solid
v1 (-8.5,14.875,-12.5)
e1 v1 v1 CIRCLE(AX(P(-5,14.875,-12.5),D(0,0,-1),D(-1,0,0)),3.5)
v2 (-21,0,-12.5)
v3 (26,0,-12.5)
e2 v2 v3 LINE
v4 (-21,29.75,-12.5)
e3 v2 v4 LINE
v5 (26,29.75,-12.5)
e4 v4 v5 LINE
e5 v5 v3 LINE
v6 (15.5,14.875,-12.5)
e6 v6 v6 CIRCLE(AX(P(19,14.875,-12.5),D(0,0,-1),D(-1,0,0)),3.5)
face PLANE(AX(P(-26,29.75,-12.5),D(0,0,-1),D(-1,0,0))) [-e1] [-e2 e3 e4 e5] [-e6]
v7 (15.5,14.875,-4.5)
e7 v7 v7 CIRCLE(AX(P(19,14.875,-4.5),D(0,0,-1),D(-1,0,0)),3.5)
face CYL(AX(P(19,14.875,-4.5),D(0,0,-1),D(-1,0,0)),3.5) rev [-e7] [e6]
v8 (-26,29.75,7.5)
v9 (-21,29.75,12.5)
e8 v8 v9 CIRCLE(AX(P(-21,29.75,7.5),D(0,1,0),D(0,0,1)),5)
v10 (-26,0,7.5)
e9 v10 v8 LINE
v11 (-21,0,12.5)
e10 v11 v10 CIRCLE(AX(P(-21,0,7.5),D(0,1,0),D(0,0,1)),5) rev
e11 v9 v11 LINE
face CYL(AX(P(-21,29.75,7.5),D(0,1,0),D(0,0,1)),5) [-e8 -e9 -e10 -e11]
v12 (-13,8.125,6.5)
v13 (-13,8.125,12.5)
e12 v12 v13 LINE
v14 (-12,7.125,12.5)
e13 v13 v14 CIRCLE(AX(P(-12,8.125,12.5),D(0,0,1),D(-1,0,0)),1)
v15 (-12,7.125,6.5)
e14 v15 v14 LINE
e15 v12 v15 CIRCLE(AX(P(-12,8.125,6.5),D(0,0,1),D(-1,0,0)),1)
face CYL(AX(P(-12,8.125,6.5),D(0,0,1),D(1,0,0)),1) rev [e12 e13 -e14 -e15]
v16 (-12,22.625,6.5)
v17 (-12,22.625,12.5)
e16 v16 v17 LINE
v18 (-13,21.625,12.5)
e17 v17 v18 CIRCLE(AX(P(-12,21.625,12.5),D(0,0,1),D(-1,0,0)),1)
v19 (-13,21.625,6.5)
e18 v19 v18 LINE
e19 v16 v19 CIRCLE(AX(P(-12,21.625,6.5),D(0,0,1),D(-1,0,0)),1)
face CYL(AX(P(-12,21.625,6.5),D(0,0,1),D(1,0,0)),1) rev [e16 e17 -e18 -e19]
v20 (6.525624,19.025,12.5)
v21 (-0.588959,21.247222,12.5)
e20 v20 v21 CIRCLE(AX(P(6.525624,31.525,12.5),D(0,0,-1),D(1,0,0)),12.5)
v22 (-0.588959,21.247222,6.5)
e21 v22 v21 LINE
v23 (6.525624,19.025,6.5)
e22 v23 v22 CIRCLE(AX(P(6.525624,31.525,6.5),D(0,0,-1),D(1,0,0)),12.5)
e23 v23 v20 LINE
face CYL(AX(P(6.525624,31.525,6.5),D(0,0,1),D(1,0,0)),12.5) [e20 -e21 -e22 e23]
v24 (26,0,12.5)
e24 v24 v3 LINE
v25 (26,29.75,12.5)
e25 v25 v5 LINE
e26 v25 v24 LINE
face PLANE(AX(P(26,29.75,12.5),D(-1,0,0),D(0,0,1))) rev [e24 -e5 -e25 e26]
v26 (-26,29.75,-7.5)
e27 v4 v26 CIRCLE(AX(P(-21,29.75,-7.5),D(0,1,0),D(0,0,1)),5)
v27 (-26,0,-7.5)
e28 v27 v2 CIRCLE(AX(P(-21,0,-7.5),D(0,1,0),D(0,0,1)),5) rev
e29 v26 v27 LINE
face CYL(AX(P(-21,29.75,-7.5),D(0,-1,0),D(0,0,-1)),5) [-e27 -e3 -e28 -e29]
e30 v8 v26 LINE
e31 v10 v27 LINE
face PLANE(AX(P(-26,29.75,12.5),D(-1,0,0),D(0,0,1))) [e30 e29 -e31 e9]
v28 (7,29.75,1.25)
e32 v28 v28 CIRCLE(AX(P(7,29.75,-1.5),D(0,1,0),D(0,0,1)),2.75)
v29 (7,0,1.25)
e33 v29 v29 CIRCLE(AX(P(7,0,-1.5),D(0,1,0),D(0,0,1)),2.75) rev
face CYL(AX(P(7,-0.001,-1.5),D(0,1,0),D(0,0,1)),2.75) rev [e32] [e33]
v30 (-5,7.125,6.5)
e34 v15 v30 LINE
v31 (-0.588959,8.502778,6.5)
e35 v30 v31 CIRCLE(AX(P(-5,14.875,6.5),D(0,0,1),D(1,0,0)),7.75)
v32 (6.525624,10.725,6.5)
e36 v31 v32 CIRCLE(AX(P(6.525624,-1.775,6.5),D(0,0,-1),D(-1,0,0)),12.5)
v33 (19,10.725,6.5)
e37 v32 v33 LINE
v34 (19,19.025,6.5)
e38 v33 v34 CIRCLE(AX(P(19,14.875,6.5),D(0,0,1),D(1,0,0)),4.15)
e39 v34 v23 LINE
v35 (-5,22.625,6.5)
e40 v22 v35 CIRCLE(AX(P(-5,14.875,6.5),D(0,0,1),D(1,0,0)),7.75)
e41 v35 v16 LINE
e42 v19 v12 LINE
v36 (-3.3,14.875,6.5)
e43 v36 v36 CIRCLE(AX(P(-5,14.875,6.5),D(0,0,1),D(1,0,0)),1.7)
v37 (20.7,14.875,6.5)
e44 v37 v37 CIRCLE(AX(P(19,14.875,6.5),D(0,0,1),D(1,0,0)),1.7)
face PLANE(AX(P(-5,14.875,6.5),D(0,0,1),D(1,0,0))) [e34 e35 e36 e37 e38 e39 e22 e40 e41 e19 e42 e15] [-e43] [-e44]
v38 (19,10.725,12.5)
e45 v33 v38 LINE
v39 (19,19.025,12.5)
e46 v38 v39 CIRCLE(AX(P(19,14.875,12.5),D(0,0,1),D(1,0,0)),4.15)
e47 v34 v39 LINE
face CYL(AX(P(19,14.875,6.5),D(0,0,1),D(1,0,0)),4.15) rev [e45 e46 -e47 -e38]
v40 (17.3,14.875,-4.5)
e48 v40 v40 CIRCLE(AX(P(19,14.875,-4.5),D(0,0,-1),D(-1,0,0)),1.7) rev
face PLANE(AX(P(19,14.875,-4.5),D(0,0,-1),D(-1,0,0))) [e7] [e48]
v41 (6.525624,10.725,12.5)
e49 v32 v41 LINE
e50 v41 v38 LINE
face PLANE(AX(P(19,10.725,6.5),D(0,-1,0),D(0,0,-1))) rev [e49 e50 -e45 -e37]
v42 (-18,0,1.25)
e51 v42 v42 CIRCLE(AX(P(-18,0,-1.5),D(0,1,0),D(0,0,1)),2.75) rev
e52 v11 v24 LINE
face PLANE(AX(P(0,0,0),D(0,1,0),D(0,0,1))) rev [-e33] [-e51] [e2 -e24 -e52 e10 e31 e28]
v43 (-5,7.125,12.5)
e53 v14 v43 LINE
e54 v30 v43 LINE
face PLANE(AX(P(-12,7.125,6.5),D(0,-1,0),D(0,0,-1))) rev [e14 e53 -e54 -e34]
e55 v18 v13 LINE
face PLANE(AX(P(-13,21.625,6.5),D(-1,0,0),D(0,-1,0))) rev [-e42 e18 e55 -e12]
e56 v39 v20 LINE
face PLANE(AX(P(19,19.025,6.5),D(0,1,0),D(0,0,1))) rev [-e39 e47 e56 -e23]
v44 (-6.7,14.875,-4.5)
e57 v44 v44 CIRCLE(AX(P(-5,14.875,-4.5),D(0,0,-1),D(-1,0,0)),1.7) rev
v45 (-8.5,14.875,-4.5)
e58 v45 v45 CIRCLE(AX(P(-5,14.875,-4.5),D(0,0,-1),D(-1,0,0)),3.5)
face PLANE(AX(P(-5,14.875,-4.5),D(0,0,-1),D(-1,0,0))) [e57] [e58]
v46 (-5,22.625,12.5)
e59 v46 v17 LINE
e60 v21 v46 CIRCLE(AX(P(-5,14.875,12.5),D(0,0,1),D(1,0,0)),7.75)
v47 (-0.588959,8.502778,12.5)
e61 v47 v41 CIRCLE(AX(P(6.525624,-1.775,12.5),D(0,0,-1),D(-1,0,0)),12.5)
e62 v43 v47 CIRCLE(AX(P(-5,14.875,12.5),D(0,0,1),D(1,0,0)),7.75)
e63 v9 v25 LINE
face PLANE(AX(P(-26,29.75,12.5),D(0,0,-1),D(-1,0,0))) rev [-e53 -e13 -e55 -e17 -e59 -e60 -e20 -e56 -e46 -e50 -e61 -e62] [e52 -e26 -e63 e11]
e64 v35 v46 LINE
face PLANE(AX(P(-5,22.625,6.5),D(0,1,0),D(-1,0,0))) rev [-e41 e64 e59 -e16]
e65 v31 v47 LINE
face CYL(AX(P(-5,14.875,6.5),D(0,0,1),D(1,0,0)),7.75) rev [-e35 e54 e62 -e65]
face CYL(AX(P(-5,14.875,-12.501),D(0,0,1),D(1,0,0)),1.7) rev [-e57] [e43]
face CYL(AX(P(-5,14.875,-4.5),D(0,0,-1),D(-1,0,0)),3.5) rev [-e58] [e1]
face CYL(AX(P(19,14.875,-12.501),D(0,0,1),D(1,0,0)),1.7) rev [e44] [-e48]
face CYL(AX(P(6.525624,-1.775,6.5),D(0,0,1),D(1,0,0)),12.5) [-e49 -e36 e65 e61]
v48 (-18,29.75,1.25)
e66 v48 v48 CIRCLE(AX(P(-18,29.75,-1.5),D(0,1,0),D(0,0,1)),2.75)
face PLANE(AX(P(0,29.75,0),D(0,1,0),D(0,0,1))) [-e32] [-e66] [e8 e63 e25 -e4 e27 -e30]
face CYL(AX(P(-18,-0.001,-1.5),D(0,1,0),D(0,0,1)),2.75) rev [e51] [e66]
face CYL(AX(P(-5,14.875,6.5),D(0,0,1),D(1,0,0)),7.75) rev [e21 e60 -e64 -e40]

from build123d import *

# Parameters (mm, degrees)
SKETCH1_W           = 52
SKETCH1_H           = 25
BOSS_EXTRUDE1_DEPTH = 29.75
CUT_EXTRUDE1_DEPTH  = 6
CUT_EXTRUDE2_REACH  = 43.44
SKETCH4_R           = 2.75
CUT_EXTRUDE3_REACH  = 45.841
SKETCH5_R           = 1.7
FILLET1_R           = 5
SKETCH6_R           = 3.5
CUT_EXTRUDE4_DEPTH  = 8


with BuildPart() as part:
    # Sketch1 → Boss-Extrude1 (new body)
    with BuildSketch(Plane(origin=(0, 0, 0), x_dir=(1, 0, 0), z_dir=(0, 1, 0))):
        Rectangle(SKETCH1_W, SKETCH1_H)
    extrude(amount=BOSS_EXTRUDE1_DEPTH)

    # Sketch2 → Cut-Extrude1 (cut)
    with BuildSketch(Plane.XY.offset(12.5)):
        with BuildLine():
            Line((19, 19.025), (6.525623627, 19.025))
            ThreePointArc((6.525623627, 19.025), (2.798843665, 19.593482447), (-0.588958859, 21.247222222))
            ThreePointArc((-0.588958859, 21.247222222), (-2.689396423, 22.272540883), (-5, 22.625))
            Line((-5, 22.625), (-12, 22.625))
            ThreePointArc((-12, 22.625), (-12.707106781, 22.332106781), (-13, 21.625))
            Line((-13, 21.625), (-13, 8.125))
            ThreePointArc((-13, 8.125), (-12.707106781, 7.417893219), (-12, 7.125))
            Line((-12, 7.125), (-5, 7.125))
            ThreePointArc((-5, 7.125), (-2.689396423, 7.477459117), (-0.588958859, 8.502777778))
            ThreePointArc((-0.588958859, 8.502777778), (2.798843665, 10.156517553), (6.525623627, 10.725))
            Line((6.525623627, 10.725), (19, 10.725))
            ThreePointArc((19, 10.725), (23.15, 14.875), (19, 19.025))
        make_face()
    extrude(amount=-CUT_EXTRUDE1_DEPTH, mode=Mode.SUBTRACT)

    # Sketch4 → Cut-Extrude2 (cut, up to next)
    with BuildSketch(Plane(origin=(0, 29.75, 0), x_dir=(1, 0, 0), z_dir=(0, 1, 0)), mode=Mode.PRIVATE) as cut_extrude2_sk1:
        with Locations(Location((-18, 1.5, 0), (0, 0, 270))):
            Circle(SKETCH4_R)
    cut_extrude2_tool1 = extrude(cut_extrude2_sk1.sketch, amount=-CUT_EXTRUDE2_REACH, mode=Mode.PRIVATE) & part.part
    # Sketch4 → Cut-Extrude2 (cut, up to next)
    with BuildSketch(Plane(origin=(0, 29.75, 0), x_dir=(1, 0, 0), z_dir=(0, 1, 0)), mode=Mode.PRIVATE) as cut_extrude2_sk2:
        with Locations(Location((7, 1.5, 0), (0, 0, 270))):
            Circle(SKETCH4_R)
    cut_extrude2_tool2 = extrude(cut_extrude2_sk2.sketch, amount=-CUT_EXTRUDE2_REACH, mode=Mode.PRIVATE) & part.part
    add(cut_extrude2_tool1.solids().sort_by_distance((-18, 29.75, -1.5))[0], mode=Mode.SUBTRACT)
    add(cut_extrude2_tool2.solids().sort_by_distance((7, 29.75, -1.5))[0], mode=Mode.SUBTRACT)

    # Sketch5 → Cut-Extrude3 (cut, up to next)
    with BuildSketch(Plane.XY.offset(6.5), mode=Mode.PRIVATE) as cut_extrude3_sk1:
        with Locations((-5, 14.875)):
            Circle(SKETCH5_R)
    cut_extrude3_tool1 = extrude(cut_extrude3_sk1.sketch, amount=-CUT_EXTRUDE3_REACH, mode=Mode.PRIVATE) & part.part
    # Sketch5 → Cut-Extrude3 (cut, up to next)
    with BuildSketch(Plane.XY.offset(6.5), mode=Mode.PRIVATE) as cut_extrude3_sk2:
        with Locations((19, 14.875)):
            Circle(SKETCH5_R)
    cut_extrude3_tool2 = extrude(cut_extrude3_sk2.sketch, amount=-CUT_EXTRUDE3_REACH, mode=Mode.PRIVATE) & part.part
    add(cut_extrude3_tool1.solids().sort_by_distance((-5, 14.875, 6.5))[0], mode=Mode.SUBTRACT)
    add(cut_extrude3_tool2.solids().sort_by_distance((19, 14.875, 6.5))[0], mode=Mode.SUBTRACT)

    # Fillet1
    fillet1_edges = [part.edges().sort_by_distance(p)[0] for p in [
        (-26, 14.875, 12.5),
        (-26, 14.875, -12.5),
    ]]
    fillet(fillet1_edges, radius=FILLET1_R)

    # Sketch6 → Cut-Extrude4 (cut)
    with BuildSketch(Plane(origin=(0, 0, -12.5), x_dir=(-1, 0, 0), z_dir=(0, 0, -1))):
        with Locations((-19, 14.875)):
            Circle(SKETCH6_R)
        with Locations((5, 14.875)):
            Circle(SKETCH6_R)
    extrude(amount=-CUT_EXTRUDE4_DEPTH, mode=Mode.SUBTRACT)


solid = part.part
